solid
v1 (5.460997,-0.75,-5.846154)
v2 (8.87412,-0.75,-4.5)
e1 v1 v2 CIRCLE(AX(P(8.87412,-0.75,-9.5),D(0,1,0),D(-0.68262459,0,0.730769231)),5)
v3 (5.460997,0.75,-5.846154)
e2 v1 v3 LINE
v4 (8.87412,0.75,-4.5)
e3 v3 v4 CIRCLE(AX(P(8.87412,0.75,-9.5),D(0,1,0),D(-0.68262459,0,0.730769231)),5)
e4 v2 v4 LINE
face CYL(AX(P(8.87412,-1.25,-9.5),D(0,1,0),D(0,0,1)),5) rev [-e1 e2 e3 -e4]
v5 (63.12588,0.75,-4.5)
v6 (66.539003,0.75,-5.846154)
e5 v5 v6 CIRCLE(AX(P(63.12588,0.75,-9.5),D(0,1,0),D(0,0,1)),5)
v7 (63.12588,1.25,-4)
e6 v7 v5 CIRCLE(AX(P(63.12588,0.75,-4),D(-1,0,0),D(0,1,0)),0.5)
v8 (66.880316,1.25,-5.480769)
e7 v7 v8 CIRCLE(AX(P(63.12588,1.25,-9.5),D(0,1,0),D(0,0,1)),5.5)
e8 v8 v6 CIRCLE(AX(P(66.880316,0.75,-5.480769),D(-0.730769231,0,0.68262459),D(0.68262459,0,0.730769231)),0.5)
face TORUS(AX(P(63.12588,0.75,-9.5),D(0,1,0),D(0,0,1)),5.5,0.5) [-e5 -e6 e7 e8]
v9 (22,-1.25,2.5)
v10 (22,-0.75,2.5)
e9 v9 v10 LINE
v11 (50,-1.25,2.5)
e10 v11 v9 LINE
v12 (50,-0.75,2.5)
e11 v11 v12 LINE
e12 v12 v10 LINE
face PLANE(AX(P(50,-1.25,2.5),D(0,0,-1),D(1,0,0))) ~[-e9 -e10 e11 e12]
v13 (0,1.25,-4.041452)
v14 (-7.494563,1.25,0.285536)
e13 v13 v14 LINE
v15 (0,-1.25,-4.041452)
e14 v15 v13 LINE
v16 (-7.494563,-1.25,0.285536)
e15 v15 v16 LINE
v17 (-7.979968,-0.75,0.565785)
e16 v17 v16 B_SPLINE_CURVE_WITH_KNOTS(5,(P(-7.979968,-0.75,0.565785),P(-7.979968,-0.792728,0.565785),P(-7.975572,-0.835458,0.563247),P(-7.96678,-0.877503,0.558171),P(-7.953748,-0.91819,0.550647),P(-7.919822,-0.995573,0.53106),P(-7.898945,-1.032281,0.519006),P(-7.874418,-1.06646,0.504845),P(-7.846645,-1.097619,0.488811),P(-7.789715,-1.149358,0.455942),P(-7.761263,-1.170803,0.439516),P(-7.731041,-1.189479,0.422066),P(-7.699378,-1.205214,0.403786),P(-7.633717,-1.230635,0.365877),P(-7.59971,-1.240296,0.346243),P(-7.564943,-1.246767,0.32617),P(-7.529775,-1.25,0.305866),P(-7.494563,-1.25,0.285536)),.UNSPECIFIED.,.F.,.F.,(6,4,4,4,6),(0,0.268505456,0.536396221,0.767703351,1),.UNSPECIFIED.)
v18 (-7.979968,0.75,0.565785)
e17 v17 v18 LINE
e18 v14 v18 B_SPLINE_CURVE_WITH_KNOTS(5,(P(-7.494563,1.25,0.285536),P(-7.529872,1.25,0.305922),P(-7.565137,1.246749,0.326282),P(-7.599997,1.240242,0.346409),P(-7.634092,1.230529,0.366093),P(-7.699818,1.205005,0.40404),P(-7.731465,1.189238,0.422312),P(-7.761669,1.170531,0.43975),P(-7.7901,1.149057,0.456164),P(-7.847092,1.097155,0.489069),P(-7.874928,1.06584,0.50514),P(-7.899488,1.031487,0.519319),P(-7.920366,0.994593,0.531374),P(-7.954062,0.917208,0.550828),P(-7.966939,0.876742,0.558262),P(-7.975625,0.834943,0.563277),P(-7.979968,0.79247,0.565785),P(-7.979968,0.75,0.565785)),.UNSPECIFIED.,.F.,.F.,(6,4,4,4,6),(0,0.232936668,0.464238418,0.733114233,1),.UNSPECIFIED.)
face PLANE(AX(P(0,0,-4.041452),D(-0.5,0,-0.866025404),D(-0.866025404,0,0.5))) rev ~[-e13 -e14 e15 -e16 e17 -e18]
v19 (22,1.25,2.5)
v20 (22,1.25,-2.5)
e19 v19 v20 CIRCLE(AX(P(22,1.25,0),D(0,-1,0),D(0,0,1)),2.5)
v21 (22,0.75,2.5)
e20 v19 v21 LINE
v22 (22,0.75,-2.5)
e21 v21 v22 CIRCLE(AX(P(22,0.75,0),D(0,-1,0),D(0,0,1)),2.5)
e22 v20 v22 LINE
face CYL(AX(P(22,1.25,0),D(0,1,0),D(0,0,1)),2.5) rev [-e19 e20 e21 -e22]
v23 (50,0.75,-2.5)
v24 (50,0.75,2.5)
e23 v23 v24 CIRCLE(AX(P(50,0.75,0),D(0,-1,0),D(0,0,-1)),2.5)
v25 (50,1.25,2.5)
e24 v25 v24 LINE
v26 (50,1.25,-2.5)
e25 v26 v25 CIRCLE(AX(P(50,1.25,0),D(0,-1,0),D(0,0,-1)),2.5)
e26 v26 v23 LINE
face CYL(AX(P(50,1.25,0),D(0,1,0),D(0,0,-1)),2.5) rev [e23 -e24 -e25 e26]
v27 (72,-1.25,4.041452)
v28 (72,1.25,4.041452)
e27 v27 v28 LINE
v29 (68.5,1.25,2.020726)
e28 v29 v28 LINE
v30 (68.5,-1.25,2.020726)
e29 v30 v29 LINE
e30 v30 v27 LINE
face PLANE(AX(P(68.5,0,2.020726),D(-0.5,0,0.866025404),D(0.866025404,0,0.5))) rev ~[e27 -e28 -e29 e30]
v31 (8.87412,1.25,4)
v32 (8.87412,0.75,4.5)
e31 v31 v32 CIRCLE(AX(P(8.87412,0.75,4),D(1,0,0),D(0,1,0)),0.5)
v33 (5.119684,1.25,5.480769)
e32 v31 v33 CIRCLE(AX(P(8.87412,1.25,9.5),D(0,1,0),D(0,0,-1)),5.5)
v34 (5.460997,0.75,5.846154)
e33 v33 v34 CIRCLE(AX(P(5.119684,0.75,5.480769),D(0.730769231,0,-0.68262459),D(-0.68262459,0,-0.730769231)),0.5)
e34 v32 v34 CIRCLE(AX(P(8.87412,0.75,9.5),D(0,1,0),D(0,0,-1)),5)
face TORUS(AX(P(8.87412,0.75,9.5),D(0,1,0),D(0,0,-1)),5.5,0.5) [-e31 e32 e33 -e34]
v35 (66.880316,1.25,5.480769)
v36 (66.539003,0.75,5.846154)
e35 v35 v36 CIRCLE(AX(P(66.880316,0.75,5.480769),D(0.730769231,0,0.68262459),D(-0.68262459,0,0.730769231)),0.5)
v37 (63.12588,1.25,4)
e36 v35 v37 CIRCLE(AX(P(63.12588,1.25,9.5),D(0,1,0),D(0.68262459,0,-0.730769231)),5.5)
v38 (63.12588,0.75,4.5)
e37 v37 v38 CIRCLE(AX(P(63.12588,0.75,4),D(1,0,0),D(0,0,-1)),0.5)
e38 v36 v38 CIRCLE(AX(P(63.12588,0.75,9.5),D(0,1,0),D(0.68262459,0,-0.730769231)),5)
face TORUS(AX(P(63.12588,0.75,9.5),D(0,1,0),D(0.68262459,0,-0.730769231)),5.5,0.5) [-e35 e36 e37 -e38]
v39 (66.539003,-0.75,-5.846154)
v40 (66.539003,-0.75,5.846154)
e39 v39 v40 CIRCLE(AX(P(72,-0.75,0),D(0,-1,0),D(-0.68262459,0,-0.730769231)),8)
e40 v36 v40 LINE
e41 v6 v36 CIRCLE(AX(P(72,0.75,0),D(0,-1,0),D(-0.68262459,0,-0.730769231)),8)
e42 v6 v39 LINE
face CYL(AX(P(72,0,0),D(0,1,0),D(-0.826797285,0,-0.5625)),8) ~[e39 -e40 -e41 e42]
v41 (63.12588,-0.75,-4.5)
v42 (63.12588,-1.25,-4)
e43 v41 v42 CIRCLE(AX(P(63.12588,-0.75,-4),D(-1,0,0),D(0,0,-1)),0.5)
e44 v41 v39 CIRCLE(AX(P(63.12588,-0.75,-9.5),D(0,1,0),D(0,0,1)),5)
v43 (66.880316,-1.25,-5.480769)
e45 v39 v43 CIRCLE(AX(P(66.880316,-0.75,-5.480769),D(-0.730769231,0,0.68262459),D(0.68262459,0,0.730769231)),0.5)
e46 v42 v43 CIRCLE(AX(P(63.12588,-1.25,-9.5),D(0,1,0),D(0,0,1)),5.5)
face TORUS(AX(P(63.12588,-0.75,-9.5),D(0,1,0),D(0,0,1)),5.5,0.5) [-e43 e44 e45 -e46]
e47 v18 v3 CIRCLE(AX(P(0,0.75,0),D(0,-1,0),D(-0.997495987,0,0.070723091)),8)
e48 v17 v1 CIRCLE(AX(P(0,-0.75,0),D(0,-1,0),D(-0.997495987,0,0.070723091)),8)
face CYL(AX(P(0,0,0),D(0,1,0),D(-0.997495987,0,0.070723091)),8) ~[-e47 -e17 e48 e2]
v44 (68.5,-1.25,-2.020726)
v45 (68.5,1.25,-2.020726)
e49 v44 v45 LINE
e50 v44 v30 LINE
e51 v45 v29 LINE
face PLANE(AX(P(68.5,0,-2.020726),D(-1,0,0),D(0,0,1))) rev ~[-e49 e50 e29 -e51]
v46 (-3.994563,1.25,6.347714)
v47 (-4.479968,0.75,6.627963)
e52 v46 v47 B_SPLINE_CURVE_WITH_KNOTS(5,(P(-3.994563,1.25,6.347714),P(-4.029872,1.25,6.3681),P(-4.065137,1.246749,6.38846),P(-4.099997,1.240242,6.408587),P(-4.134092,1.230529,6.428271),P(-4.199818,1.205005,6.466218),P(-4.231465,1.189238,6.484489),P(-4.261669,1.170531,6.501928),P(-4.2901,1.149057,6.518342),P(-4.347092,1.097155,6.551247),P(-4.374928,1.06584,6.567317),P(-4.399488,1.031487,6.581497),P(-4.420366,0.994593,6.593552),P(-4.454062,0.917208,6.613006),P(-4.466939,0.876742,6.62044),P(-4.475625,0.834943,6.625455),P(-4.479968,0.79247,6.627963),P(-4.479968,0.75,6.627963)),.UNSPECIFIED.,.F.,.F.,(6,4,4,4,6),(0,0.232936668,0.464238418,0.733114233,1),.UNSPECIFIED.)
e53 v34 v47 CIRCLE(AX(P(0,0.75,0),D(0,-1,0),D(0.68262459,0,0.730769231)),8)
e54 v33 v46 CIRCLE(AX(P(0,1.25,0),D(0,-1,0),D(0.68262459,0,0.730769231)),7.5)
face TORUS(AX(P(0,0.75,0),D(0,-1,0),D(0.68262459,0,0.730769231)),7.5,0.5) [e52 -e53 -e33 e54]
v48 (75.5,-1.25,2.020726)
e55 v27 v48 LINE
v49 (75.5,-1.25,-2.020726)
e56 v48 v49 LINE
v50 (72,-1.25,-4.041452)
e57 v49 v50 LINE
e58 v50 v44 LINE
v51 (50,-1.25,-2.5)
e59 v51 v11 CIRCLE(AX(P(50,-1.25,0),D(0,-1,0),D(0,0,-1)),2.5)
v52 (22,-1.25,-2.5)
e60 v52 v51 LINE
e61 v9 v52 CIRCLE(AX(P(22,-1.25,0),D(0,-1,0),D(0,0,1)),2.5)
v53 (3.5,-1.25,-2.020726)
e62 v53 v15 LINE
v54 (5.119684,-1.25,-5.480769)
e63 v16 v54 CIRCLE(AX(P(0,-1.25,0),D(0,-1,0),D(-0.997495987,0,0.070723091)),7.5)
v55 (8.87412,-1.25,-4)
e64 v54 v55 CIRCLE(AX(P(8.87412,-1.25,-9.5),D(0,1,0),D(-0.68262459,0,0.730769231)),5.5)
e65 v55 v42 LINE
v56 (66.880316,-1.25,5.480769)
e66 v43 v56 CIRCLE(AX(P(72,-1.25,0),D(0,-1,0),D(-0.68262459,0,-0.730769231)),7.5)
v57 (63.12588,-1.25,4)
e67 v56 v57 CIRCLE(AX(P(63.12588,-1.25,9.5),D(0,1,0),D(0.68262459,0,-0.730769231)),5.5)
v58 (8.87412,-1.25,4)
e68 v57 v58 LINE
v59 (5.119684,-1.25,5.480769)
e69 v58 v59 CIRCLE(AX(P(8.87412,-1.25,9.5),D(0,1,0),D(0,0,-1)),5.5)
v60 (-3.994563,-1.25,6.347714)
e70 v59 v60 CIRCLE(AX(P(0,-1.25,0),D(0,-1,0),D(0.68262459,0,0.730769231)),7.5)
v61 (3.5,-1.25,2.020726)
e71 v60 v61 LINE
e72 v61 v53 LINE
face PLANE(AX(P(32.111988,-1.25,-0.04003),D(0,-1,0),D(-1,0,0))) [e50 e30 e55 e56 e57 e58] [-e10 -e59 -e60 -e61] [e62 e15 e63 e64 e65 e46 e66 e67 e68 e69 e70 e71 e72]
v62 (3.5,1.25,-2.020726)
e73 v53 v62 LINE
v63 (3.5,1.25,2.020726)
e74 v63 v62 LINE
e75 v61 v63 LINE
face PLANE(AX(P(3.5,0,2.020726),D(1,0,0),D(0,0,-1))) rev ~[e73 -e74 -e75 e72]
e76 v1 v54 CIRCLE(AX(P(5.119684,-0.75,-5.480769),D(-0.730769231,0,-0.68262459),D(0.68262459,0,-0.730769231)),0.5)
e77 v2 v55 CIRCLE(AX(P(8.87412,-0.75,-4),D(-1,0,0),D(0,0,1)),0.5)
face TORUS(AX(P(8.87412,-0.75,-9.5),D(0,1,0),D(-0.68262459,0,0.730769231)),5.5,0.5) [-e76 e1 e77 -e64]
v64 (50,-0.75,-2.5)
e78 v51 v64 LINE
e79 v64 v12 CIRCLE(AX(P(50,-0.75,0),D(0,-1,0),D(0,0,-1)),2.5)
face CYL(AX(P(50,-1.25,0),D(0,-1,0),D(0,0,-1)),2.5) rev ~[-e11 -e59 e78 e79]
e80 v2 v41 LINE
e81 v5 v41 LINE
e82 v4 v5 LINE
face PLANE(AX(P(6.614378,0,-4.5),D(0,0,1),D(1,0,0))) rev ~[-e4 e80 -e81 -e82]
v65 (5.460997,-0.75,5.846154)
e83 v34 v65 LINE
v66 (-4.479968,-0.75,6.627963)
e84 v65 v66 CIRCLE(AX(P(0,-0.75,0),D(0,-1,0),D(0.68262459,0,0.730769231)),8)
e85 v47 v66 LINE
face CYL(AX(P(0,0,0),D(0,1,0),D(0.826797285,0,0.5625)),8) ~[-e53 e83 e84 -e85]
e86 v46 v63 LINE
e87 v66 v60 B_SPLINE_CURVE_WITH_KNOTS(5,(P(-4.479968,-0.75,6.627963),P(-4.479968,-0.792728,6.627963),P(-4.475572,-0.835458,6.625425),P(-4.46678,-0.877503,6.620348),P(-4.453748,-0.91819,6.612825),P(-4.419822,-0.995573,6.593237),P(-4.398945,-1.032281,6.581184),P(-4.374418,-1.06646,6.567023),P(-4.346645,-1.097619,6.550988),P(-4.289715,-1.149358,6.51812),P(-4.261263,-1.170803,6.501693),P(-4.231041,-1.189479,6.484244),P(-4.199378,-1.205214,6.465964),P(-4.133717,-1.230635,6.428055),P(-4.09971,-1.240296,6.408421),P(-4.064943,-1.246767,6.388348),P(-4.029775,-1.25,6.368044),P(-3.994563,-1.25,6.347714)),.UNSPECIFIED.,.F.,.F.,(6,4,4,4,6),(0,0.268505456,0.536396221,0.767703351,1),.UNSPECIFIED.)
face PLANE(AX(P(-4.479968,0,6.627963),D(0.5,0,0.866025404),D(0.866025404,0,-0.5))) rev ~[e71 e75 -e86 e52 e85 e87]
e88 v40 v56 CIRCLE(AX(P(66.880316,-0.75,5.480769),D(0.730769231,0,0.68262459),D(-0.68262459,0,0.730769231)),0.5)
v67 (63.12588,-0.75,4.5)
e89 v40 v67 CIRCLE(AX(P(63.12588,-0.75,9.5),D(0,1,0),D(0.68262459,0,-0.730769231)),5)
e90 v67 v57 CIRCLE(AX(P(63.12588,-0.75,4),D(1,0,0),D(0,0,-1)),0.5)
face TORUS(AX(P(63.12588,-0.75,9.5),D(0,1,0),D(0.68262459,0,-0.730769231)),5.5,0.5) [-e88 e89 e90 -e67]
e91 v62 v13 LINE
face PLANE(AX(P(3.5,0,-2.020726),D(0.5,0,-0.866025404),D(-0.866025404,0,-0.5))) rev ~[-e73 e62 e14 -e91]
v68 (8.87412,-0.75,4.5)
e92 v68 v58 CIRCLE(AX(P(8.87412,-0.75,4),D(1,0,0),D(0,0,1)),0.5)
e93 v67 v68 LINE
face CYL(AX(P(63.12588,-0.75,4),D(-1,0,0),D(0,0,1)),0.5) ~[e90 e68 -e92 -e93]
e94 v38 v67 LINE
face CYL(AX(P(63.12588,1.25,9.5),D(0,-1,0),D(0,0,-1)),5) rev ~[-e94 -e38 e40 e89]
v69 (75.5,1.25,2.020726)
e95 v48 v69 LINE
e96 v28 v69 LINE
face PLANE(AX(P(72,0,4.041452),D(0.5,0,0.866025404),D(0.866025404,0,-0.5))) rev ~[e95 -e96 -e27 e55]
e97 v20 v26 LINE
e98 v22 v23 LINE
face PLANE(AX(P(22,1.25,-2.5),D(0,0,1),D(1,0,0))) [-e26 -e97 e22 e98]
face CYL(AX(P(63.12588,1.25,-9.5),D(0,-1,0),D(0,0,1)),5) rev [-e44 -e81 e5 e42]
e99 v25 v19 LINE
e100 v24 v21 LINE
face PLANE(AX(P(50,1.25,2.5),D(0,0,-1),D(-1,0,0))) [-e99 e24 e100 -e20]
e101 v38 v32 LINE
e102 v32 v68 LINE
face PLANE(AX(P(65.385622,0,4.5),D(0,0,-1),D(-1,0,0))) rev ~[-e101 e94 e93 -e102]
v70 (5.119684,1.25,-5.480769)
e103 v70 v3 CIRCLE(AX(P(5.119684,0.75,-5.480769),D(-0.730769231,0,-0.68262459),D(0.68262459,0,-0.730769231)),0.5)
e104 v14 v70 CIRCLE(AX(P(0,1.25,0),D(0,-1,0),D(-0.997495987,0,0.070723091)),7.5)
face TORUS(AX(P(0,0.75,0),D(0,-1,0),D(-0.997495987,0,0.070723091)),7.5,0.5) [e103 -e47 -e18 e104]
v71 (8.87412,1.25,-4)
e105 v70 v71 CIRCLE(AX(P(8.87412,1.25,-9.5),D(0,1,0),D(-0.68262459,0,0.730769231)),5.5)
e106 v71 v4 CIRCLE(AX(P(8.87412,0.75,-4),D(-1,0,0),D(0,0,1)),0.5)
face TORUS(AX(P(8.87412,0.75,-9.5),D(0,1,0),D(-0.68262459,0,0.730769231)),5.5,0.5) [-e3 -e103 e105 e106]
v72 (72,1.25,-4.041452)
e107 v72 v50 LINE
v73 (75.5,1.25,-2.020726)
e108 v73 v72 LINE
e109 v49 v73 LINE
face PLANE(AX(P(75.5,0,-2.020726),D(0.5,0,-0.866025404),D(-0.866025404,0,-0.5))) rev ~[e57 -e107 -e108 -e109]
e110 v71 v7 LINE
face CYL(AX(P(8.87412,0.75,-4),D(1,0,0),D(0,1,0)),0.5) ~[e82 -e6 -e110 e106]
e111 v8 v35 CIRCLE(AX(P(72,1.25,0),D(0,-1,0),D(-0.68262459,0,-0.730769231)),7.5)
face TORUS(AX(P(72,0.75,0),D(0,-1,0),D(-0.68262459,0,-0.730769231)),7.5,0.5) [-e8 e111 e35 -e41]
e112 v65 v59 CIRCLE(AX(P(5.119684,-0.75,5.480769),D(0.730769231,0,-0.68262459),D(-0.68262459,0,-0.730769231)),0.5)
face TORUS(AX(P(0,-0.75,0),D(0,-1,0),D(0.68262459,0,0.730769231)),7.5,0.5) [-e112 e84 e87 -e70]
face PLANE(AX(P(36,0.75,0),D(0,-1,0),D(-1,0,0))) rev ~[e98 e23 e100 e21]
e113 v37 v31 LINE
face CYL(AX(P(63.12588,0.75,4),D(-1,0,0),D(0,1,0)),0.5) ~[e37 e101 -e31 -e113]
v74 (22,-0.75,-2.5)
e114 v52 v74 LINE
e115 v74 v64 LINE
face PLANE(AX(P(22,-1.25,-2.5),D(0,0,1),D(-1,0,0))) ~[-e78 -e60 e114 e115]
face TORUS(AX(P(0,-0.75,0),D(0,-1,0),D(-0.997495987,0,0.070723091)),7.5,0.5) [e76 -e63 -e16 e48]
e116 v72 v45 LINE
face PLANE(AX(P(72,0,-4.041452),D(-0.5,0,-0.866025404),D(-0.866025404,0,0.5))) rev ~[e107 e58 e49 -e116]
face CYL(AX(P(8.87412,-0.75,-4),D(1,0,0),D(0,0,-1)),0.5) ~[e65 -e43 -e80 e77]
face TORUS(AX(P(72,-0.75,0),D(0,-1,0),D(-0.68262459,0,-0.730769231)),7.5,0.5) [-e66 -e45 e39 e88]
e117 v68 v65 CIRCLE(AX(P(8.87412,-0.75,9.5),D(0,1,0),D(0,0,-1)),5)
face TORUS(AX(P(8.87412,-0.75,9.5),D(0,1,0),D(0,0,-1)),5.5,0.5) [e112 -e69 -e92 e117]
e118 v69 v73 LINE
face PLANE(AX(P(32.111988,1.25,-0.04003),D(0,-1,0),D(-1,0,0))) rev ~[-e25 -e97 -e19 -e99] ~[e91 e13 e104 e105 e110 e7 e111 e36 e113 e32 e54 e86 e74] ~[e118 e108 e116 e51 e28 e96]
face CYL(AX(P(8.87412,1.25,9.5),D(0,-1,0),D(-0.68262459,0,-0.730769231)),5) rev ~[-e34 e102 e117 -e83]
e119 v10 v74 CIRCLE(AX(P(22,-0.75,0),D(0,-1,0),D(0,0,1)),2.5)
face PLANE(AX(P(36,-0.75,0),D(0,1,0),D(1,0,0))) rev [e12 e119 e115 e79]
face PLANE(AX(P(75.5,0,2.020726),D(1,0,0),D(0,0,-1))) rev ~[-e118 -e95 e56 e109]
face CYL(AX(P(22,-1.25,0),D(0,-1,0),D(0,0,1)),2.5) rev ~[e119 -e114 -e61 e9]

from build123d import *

# Parameters (mm, degrees)
BOSS_EXTRUDE1_DEPTH = 1.25
FILLET1_R           = 5
FILLET2_R           = 0.5
CUT_EXTRUDE1_DEPTH  = 0.5


with BuildPart() as part:
    # Sketch1 → Boss-Extrude1 (new body, symmetric)
    with BuildSketch(Plane(origin=(0, 0, 0), x_dir=(1, 0, 0), z_dir=(0, 1, 0))):
        with BuildLine():
            Line((6.614378278, 4.5), (65.385621722, 4.5))
            ThreePointArc((65.385621722, 4.5), (80, 0), (65.385621722, -4.5))
            Line((65.385621722, -4.5), (6.614378278, -4.5))
            ThreePointArc((6.614378278, -4.5), (1.506978128, -7.856781588), (-4.479967897, -6.627962556))
            Line((-4.479967897, -6.627962556), (3.5, -2.020725942))
            Line((3.5, -2.020725942), (3.5, 2.020725942))
            Line((3.5, 2.020725942), (0, 4.041451884))
            Line((0, 4.041451884), (-7.979967897, -0.565784729))
            ThreePointArc((-7.979967897, -0.565784729), (-2.623309452, 7.557661511), (6.614378278, 4.5))
        make_face()
        Polygon((72, 4.041451884), (68.5, 2.020725942), (68.5, -2.020725942), (72, -4.041451884), (75.5, -2.020725942), (75.5, 2.020725942), align=None, mode=Mode.SUBTRACT)
    extrude(amount=BOSS_EXTRUDE1_DEPTH, both=True)

    # Fillet1
    fillet1_edges = [part.edges().sort_by_distance(p)[0] for p in [
        (6.614378278, 0, -4.5),
        (65.385621722, 0, -4.5),
        (65.385621722, 0, 4.5),
        (6.614378278, 0, 4.5),
    ]]
    fillet(fillet1_edges, radius=FILLET1_R)

    # Fillet2
    fillet2_edges = [part.edges().sort_by_distance(p)[0] for p in [
        (0.627224524, 1.25, 7.975373935),
        (36, -1.25, -4.5),
        (36, 1.25, -4.5),
        (80, -1.25, 0),
        (80, 1.25, 0),
        (36, -1.25, 4.5),
        (36, 1.25, 4.5),
        (-3.444494595, -1.25, -7.220488694),
        (-3.444494595, 1.25, -7.220488694),
        (64.96037879, -1.25, -4.848697453),
        (64.96037879, 1.25, -4.848697453),
        (64.96037879, -1.25, 4.848697453),
        (64.96037879, 1.25, 4.848697453),
        (7.03962121, -1.25, 4.848697453),
        (7.03962121, 1.25, 4.848697453),
        (7.03962121, -1.25, -4.848697453),
        (7.03962121, 1.25, -4.848697453),
        (0.627224524, -1.25, 7.975373935),
    ]]
    fillet(fillet2_edges, radius=FILLET2_R)

    # Sketch2 → Cut-Extrude1 (cut)
    with BuildSketch(Plane(origin=(0, 1.25, 0), x_dir=(1, 0, 0), z_dir=(0, 1, 0))):
        with BuildLine():
            Line((22, 2.5), (50, 2.5))
            ThreePointArc((50, 2.5), (52.5, 0), (50, -2.5))
            Line((50, -2.5), (22, -2.5))
            ThreePointArc((22, -2.5), (19.5, 0), (22, 2.5))
        make_face()
    cut_extrude1 = extrude(amount=-CUT_EXTRUDE1_DEPTH, mode=Mode.SUBTRACT)

    # Mirror1: Cut-Extrude1 across plane
    add(cut_extrude1.mirror(Plane.ZX), mode=Mode.SUBTRACT)


solid = part.part
